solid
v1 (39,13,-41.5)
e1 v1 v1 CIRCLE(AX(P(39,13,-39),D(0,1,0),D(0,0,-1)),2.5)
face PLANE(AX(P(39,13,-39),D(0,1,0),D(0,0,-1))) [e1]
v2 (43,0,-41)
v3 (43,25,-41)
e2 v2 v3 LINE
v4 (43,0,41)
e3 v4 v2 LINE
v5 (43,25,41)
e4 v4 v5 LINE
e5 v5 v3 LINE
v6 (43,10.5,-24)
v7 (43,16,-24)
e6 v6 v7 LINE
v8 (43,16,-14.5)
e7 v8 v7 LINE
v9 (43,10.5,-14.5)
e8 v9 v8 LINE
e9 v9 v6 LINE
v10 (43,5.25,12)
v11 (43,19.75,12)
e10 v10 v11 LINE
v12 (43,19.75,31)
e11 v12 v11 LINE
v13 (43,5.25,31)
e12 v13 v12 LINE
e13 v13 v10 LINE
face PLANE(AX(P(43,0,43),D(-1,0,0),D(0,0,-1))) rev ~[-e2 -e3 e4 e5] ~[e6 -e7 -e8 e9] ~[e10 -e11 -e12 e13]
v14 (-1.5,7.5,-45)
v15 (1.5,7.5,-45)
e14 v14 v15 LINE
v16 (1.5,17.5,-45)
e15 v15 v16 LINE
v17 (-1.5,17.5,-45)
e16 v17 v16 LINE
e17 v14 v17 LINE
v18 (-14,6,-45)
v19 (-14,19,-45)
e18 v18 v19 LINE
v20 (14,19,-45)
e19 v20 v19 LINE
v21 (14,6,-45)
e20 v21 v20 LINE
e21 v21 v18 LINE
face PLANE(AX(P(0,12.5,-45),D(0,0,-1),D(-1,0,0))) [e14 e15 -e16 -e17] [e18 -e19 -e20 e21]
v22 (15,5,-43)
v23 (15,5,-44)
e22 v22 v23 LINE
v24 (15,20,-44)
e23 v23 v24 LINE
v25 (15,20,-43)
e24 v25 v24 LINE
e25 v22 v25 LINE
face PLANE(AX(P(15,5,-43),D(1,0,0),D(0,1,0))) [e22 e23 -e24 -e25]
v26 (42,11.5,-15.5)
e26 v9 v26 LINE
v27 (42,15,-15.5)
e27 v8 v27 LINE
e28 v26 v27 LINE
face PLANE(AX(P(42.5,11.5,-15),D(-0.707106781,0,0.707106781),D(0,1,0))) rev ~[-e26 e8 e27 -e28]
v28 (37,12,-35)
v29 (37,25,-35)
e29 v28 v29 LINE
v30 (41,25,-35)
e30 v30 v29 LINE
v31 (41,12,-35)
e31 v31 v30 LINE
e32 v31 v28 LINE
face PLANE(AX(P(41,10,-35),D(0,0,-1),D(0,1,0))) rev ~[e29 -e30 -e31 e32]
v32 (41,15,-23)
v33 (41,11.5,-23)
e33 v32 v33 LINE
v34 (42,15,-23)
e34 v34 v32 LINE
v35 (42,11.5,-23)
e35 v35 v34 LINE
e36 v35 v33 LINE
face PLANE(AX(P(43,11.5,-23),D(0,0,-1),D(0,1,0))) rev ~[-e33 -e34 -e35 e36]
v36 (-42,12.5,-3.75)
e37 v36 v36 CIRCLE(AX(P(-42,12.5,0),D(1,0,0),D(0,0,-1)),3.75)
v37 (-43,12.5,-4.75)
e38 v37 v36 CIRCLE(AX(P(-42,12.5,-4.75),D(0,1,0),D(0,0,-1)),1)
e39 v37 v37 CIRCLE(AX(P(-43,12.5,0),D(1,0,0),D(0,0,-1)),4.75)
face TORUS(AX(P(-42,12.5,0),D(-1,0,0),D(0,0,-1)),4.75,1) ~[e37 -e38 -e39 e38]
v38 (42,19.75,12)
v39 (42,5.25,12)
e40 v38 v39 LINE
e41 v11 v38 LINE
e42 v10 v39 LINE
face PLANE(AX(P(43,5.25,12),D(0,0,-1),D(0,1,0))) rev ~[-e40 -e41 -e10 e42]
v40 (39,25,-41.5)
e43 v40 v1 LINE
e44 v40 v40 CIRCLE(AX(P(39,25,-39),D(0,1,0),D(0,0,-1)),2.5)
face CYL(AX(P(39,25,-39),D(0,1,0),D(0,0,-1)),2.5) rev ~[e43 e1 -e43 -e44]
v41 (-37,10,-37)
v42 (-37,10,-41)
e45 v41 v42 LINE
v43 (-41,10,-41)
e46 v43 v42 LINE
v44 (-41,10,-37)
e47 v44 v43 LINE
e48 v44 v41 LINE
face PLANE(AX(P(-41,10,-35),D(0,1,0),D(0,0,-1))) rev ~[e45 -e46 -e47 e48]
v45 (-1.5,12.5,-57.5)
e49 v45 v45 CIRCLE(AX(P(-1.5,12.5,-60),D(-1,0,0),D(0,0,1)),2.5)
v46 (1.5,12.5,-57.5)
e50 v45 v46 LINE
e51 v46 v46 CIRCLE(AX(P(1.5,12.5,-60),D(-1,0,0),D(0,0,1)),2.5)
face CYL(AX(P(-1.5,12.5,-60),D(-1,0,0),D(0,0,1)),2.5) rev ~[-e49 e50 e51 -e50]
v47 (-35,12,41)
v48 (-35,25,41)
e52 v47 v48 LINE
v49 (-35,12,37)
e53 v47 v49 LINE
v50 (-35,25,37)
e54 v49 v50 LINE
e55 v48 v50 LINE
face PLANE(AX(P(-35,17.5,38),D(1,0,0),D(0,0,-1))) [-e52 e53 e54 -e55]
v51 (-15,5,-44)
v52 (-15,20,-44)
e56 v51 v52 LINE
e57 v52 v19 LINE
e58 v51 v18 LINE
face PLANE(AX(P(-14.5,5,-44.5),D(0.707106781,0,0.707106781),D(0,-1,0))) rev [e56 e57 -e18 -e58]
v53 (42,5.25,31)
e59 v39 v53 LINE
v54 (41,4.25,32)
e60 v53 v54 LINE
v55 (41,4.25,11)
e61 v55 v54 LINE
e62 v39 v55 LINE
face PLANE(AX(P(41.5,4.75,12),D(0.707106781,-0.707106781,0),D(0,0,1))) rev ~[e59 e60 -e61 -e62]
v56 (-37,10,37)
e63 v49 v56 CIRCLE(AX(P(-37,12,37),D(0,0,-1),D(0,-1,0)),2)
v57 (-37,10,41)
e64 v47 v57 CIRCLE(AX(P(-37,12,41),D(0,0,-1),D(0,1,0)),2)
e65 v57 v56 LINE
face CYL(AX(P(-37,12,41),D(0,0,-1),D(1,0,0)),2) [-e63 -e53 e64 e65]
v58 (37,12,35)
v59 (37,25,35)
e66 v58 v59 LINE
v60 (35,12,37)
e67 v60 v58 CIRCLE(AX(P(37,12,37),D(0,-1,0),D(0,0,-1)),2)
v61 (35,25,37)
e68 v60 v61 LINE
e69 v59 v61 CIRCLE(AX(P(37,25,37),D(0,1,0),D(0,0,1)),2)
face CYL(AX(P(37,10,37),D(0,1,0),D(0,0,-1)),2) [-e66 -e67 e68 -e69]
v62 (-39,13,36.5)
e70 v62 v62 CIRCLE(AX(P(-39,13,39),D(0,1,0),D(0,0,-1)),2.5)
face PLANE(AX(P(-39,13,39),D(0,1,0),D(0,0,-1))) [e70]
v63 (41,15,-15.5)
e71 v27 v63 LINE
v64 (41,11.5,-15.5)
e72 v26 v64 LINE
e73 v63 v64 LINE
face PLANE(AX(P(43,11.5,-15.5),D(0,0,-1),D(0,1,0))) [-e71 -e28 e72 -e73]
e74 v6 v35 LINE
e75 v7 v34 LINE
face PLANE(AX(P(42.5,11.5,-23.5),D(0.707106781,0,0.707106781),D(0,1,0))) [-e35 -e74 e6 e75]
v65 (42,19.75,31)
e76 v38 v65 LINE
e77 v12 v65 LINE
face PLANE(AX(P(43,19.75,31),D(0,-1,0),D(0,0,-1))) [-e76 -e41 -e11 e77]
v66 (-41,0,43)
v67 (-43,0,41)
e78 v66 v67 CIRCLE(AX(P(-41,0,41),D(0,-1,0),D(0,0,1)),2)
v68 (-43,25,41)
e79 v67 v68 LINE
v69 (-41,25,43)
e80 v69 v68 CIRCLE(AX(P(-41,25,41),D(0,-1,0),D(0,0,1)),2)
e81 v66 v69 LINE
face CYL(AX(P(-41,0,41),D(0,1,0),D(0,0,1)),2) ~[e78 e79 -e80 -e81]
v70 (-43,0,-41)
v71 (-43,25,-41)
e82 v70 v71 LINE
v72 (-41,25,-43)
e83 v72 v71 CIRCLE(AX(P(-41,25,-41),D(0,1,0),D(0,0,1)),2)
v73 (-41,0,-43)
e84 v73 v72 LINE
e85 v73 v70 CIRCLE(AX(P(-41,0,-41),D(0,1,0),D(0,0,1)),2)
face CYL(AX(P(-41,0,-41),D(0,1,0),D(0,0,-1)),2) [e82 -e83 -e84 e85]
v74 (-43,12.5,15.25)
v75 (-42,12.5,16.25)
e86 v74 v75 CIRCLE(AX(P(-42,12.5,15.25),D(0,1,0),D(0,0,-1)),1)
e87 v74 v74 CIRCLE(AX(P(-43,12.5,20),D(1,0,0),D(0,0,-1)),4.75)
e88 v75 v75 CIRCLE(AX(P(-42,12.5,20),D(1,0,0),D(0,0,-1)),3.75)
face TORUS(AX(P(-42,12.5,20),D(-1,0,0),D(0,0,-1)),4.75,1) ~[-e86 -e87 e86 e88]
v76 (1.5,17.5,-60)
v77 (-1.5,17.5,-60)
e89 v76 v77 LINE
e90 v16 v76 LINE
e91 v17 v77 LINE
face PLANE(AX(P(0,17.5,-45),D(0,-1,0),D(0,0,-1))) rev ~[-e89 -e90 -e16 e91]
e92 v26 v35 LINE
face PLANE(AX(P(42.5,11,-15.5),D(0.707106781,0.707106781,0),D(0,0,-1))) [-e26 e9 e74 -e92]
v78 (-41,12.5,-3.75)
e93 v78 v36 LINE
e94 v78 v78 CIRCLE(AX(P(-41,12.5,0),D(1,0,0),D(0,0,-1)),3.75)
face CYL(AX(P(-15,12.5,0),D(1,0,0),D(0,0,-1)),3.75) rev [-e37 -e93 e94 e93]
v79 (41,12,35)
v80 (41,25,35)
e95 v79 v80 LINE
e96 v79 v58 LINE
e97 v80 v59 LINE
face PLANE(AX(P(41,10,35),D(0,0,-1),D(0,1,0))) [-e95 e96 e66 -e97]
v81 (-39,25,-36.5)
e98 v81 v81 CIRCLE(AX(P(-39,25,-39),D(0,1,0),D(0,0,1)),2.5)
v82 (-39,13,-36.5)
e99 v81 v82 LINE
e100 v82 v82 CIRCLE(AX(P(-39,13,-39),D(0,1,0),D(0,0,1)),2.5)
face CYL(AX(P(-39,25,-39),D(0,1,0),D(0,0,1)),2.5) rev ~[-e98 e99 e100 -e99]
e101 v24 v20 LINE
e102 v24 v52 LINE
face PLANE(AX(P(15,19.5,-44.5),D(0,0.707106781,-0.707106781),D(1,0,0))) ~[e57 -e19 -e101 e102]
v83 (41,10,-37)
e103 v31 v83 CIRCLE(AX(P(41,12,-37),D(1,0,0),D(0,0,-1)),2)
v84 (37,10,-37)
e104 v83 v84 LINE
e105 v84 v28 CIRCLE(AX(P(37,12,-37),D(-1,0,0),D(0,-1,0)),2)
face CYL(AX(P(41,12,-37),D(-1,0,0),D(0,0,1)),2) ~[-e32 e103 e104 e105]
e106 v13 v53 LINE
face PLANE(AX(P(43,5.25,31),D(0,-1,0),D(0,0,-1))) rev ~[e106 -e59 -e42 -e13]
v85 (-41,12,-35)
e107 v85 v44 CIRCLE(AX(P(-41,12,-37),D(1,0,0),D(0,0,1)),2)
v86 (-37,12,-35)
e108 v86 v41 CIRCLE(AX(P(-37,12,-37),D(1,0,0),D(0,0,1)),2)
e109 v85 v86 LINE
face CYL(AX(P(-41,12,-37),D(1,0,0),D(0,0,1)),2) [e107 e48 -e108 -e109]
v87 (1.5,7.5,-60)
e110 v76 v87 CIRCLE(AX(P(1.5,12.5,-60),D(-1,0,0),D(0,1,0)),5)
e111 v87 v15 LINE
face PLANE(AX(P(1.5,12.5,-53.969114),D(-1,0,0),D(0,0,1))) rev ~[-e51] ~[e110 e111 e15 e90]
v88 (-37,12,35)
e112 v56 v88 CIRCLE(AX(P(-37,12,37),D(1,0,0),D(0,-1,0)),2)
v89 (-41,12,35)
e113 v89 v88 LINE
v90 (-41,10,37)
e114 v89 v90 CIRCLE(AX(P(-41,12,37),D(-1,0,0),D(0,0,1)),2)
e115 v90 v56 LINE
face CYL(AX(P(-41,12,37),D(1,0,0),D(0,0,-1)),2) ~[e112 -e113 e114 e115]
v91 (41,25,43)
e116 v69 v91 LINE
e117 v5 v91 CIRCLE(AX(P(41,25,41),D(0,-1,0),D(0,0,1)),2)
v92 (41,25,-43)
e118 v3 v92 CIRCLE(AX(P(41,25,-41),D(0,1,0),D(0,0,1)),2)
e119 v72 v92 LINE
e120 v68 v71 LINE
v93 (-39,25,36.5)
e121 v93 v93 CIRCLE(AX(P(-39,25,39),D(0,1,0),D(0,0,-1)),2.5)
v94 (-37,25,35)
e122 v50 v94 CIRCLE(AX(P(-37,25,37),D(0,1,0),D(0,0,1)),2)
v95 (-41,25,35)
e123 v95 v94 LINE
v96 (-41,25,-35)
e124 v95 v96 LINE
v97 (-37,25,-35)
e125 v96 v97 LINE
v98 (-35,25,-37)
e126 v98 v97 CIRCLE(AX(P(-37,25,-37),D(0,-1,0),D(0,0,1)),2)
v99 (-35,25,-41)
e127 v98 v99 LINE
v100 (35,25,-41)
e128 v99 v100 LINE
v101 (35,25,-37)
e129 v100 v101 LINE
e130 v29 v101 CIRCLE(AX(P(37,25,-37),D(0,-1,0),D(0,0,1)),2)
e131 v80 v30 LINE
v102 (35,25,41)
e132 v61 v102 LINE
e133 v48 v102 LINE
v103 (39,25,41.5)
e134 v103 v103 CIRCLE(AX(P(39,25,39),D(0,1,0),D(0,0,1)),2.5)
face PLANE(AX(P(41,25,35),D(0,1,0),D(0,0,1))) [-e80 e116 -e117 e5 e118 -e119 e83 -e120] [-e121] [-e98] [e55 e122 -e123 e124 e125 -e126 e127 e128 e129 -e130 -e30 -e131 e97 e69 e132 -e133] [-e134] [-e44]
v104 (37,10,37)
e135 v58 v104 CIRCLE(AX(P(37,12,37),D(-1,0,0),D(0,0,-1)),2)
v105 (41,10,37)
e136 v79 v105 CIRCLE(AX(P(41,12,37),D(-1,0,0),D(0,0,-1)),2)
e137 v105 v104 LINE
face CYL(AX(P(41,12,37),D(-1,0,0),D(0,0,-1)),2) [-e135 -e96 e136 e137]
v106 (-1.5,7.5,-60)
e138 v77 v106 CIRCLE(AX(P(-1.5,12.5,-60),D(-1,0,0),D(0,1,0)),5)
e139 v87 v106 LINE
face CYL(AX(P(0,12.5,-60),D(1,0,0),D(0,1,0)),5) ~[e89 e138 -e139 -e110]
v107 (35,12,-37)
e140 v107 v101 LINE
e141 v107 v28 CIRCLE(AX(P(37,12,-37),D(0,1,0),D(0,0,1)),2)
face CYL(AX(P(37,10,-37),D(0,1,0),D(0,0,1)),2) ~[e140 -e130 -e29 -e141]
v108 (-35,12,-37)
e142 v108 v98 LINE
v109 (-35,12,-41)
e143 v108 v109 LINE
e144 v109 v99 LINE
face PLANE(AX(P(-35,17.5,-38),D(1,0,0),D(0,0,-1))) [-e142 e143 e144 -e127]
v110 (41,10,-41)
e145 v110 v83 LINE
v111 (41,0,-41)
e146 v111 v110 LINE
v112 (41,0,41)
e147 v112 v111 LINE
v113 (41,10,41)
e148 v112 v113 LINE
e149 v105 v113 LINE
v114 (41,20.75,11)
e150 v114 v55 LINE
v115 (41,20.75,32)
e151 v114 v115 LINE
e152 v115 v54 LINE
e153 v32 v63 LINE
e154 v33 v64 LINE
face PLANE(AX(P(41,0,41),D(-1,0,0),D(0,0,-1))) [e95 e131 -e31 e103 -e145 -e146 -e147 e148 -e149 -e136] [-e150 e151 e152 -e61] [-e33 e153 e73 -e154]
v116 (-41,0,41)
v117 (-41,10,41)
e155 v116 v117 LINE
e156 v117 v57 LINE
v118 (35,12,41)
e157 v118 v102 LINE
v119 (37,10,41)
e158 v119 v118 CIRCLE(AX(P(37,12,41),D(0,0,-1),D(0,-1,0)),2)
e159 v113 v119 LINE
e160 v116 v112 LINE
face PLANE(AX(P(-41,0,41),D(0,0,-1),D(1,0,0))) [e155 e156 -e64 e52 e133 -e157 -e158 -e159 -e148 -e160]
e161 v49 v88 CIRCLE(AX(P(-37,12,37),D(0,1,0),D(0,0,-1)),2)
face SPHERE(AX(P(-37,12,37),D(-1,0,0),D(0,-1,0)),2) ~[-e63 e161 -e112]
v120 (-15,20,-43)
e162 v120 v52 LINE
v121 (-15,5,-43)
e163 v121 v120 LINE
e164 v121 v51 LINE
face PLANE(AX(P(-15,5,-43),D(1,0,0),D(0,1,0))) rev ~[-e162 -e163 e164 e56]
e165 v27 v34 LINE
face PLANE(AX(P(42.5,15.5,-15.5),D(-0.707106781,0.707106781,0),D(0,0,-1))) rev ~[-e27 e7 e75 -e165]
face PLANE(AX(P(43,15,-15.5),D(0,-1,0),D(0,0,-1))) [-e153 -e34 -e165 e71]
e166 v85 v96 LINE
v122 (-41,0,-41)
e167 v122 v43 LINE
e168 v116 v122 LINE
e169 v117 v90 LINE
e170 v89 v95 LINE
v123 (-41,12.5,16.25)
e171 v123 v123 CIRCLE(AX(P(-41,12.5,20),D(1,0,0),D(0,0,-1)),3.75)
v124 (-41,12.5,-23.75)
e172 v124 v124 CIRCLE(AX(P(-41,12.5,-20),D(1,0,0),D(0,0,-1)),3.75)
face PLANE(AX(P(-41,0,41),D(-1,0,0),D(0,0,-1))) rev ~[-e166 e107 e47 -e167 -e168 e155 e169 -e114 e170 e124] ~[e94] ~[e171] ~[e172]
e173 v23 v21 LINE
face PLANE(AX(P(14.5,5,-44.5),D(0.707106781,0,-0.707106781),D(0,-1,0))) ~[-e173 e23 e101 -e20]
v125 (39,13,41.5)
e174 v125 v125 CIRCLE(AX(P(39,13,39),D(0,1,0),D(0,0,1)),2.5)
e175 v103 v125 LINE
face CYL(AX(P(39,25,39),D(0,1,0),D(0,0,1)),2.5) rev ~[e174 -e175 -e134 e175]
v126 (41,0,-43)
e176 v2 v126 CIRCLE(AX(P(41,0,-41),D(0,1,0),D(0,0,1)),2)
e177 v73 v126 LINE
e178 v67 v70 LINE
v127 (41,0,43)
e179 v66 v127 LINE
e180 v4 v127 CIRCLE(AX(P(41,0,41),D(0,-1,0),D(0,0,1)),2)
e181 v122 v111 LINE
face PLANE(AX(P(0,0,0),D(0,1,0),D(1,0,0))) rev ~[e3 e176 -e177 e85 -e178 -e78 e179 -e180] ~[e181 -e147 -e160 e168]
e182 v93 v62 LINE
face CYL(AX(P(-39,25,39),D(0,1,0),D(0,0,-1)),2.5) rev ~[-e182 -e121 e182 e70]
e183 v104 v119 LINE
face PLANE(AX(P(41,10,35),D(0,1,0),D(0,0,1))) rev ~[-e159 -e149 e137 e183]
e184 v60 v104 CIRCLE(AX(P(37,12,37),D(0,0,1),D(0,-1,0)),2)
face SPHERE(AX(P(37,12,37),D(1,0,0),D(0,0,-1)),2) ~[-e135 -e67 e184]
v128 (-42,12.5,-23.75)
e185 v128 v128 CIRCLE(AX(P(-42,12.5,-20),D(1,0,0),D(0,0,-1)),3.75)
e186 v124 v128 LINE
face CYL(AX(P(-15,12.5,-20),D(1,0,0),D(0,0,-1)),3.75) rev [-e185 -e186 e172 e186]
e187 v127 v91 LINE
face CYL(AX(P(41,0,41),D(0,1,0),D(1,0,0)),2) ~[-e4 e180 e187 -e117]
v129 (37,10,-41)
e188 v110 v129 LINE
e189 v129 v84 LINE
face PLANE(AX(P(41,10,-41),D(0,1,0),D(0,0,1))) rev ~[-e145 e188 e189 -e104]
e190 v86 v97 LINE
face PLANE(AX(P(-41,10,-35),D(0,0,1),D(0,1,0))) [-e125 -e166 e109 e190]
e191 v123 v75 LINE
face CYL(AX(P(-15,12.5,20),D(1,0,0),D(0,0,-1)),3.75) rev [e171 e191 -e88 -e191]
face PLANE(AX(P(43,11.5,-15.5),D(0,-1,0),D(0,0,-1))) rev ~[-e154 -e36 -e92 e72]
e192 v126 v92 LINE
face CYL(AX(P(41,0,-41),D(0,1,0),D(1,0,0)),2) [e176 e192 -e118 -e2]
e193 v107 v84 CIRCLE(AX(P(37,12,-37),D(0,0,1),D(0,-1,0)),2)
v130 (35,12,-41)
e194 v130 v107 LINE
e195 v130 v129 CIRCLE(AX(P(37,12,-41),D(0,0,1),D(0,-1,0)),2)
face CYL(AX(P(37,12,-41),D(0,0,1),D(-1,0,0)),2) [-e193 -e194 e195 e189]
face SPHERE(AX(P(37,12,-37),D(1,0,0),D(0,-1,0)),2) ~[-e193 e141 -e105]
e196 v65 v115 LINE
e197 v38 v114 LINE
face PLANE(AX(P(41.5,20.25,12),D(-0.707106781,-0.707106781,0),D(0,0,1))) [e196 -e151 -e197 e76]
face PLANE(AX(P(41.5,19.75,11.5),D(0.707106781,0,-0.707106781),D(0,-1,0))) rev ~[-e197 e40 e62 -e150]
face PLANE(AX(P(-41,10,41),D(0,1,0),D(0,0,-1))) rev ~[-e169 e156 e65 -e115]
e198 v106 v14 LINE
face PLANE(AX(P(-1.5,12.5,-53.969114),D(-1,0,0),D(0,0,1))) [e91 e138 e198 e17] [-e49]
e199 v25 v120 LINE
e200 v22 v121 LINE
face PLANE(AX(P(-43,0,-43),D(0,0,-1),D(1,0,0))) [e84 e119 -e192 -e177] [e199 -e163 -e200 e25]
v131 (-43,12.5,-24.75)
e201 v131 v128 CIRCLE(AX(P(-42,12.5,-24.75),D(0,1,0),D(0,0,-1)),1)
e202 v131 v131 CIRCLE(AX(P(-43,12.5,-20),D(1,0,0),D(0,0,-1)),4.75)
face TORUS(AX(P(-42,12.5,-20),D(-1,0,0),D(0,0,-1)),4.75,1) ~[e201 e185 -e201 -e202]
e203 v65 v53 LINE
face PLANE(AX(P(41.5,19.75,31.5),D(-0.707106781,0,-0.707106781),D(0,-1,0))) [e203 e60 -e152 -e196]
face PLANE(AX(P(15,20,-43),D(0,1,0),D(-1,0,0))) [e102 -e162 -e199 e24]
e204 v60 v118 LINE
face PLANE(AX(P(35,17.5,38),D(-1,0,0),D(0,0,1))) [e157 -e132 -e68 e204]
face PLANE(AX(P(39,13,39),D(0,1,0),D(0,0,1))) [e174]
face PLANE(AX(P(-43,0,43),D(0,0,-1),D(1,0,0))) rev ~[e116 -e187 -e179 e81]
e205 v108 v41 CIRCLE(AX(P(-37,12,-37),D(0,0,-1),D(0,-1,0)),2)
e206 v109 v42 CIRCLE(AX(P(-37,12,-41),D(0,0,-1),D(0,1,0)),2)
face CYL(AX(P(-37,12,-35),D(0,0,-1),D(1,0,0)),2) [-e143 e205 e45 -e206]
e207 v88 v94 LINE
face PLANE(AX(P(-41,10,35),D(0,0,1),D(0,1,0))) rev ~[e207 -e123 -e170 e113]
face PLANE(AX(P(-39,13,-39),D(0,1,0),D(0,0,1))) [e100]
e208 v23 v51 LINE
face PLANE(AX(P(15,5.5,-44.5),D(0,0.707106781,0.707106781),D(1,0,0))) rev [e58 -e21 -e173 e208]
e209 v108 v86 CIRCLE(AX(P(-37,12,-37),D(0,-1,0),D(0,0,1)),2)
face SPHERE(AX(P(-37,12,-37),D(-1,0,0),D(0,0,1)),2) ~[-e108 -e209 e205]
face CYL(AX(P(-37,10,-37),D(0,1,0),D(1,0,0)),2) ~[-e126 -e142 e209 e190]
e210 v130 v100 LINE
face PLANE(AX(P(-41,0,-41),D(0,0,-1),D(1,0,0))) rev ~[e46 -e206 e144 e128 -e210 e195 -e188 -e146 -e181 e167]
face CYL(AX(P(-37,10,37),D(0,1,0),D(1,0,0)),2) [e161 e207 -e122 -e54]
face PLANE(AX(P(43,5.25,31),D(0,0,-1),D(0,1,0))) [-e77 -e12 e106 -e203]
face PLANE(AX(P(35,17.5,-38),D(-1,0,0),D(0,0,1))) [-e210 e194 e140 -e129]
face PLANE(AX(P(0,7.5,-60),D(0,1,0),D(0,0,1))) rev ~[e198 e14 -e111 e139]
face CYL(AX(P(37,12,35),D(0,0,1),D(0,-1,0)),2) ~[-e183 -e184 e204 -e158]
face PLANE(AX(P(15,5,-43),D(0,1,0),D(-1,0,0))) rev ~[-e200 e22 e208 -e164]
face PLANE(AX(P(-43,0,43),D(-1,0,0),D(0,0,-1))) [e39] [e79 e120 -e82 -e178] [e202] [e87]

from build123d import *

# Parameters (mm, degrees)
SKETCH_1_W               = 86
SKETCH_1_H               = 86
SKETCH_1_W_2             = 82
SKETCH_1_H_2             = 82
EXTRUDE_1_DEPTH          = 25
CUT_EXTRUDE_1_DEPTH      = 100.347873656
CUT_EXTRUDE_1_DEPTH_BACK = 28
SKETCH_2_R               = 3.75
FILLET_1_R               = 1
SKETCH_4_W               = 7.5
SKETCH_4_H               = 3.5
SKETCH_4_W_2             = 19
SKETCH_4_H_2             = 14.5
CUT_EXTRUDE_2_DEPTH      = 28
CHAMFER_1_SIZE           = 1
CHAMFER_2_SIZE           = 1
FILLET_2_R               = 2
SKETCH_9_W               = 6
SKETCH_9_H               = 15
EXTRUDE_2_DEPTH          = 6
SKETCH_13_W              = 6
SKETCH_13_H              = 15
EXTRUDE_3_DEPTH          = 6
SKETCH_14_W              = 6
SKETCH_14_H              = 15
EXTRUDE_4_DEPTH          = 6
SKETCH_15_R              = 2.5
CUT_EXTRUDE_5_DEPTH      = 12
FILLET_3_R               = 2
SKETCH_16_W              = 30
SKETCH_16_H              = 15
EXTRUDE_5_DEPTH          = 2
CHAMFER_3_SIZE           = 1
EXTRUDE_6_DEPTH          = 1.5
SKETCH_20_R              = 2.5
CUT_EXTRUDE_6_DEPTH      = 83.645326547


with BuildPart() as part:
    # 草图1 → 凸台-拉伸1 (new body)
    with BuildSketch(Plane(origin=(0, 0, 0), x_dir=(1, 0, 0), z_dir=(0, 1, 0))):
        Rectangle(SKETCH_1_W, SKETCH_1_H)
        Rectangle(SKETCH_1_W_2, SKETCH_1_H_2, mode=Mode.SUBTRACT)
    extrude(amount=EXTRUDE_1_DEPTH)

    # 草图2 → 切除-拉伸1 (cut, two sides: drawn at the far end of the back side and taken through both)
    with BuildSketch(Plane.ZY.offset(43).offset(-CUT_EXTRUDE_1_DEPTH_BACK)):
        with Locations((0, 12.5)):
            Circle(SKETCH_2_R)
        with Locations((20, 12.5)):
            Circle(SKETCH_2_R)
        with Locations((-20, 12.5)):
            Circle(SKETCH_2_R)
    extrude(amount=CUT_EXTRUDE_1_DEPTH + CUT_EXTRUDE_1_DEPTH_BACK, mode=Mode.SUBTRACT)

    # 圆角1
    fillet_1_edges = [part.edges().sort_by_distance(p)[0] for p in [
        (-43, 12.5, 16.25),
        (-43, 12.5, -3.75),
        (-43, 12.5, -23.75),
    ]]
    fillet(fillet_1_edges, radius=FILLET_1_R)

    # 草图4 → 切除-拉伸2 (cut)
    with BuildSketch(Plane(origin=(43, 0, 0), x_dir=(0, 0, -1), z_dir=(1, 0, 0))):
        with Locations((19.25, 13.25)):
            Rectangle(SKETCH_4_W, SKETCH_4_H)
        with Locations((-21.5, 12.5)):
            Rectangle(SKETCH_4_W_2, SKETCH_4_H_2)
    extrude(amount=-CUT_EXTRUDE_2_DEPTH, mode=Mode.SUBTRACT)

    # 倒角1
    chamfer_1_edges = [part.edges().sort_by_distance(p)[0] for p in [
        (43, 11.5, -19.25),
        (43, 13.25, -23),
        (43, 15, -19.25),
        (43, 13.25, -15.5),
    ]]
    chamfer(chamfer_1_edges, length=CHAMFER_1_SIZE)

    # 倒角2
    chamfer_2_edges = [part.edges().sort_by_distance(p)[0] for p in [
        (41, 12.5, 12),
        (41, 19.75, 21.5),
        (41, 12.5, 31),
        (41, 5.25, 21.5),
    ]]
    chamfer(chamfer_2_edges, length=CHAMFER_2_SIZE)

    # 圆角2
    fillet_2_edges = [part.edges().sort_by_distance(p)[0] for p in [
        (-43, 12.5, 43),
        (-43, 12.5, -43),
        (43, 12.5, -43),
        (43, 12.5, 43),
    ]]
    fillet(fillet_2_edges, radius=FILLET_2_R)

    # 草图9 → 凸台-拉伸2 (add)
    with BuildSketch(Plane(origin=(-41, 0, 0), x_dir=(0, 0, -1), z_dir=(1, 0, 0))):
        with Locations((-38, 17.5)):
            Rectangle(SKETCH_9_W, SKETCH_9_H)
    extrude(amount=EXTRUDE_2_DEPTH)

    # 草图13 → 凸台-拉伸3 (add)
    with BuildSketch(Plane(origin=(-41, 0, 0), x_dir=(0, 0, -1), z_dir=(1, 0, 0))):
        with Locations((38, 17.5)):
            Rectangle(SKETCH_13_W, SKETCH_13_H)
    extrude(amount=EXTRUDE_3_DEPTH)

    # 草图14 → 凸台-拉伸4 (add)
    with BuildSketch(Plane.ZY.offset(-41)):
        with Locations((38, 17.5)):
            Rectangle(SKETCH_14_W, SKETCH_14_H)
        with Locations((-38, 17.5)):
            Rectangle(SKETCH_14_W, SKETCH_14_H)
    extrude(amount=EXTRUDE_4_DEPTH)

    # 草图15 → 切除-拉伸5 (cut)
    with BuildSketch(Plane(origin=(0, 25, 0), x_dir=(1, 0, 0), z_dir=(0, 1, 0))):
        with Locations((-39, 39)):
            Circle(SKETCH_15_R)
        with Locations((39, 39)):
            Circle(SKETCH_15_R)
        with Locations((39, -39)):
            Circle(SKETCH_15_R)
        with Locations((-39, -39)):
            Circle(SKETCH_15_R)
    extrude(amount=-CUT_EXTRUDE_5_DEPTH, mode=Mode.SUBTRACT)

    # 圆角3
    fillet_3_edges = [part.edges().sort_by_distance(p)[0] for p in [
        (38, 10, -35),
        (35, 10, -38),
        (35, 17.5, -35),
        (38, 10, 35),
        (35, 10, 38),
        (35, 17.5, 35),
        (-35, 17.5, -35),
        (-35, 17.5, 35),
        (-38, 10, 35),
        (-35, 10, 38),
        (-38, 10, -35),
        (-35, 10, -38),
    ]]
    fillet(fillet_3_edges, radius=FILLET_3_R)

    # 草图16 → 凸台-拉伸5 (add)
    with BuildSketch(Plane(origin=(0, 0, -43), x_dir=(-1, 0, 0), z_dir=(0, 0, -1))):
        with Locations((0, 12.5)):
            Rectangle(SKETCH_16_W, SKETCH_16_H)
    extrude(amount=EXTRUDE_5_DEPTH)

    # 倒角3
    chamfer_3_edges = [part.edges().sort_by_distance(p)[0] for p in [
        (0, 5, -45),
        (15, 12.5, -45),
        (-15, 12.5, -45),
        (0, 20, -45),
    ]]
    chamfer(chamfer_3_edges, length=CHAMFER_3_SIZE)

    # 草图19 → 凸台-拉伸6 (add, symmetric)
    with BuildSketch(Plane(origin=(0, 0, 0), x_dir=(0, 0, -1), z_dir=(1, 0, 0))):
        with BuildLine():
            Line((45, 17.5), (60, 17.5))
            ThreePointArc((60, 17.5), (65, 12.5), (60, 7.5))
            Line((60, 7.5), (45, 7.5))
            Line((45, 7.5), (45, 17.5))
        make_face()
    extrude(amount=EXTRUDE_6_DEPTH, both=True)

    # 草图20 → 切除-拉伸6 (cut, through all)
    with BuildSketch(Plane.ZY.offset(1.5)):
        with Locations((-60, 12.5)):
            Circle(SKETCH_20_R)
    extrude(amount=-CUT_EXTRUDE_6_DEPTH, mode=Mode.SUBTRACT)


solid = part.part
